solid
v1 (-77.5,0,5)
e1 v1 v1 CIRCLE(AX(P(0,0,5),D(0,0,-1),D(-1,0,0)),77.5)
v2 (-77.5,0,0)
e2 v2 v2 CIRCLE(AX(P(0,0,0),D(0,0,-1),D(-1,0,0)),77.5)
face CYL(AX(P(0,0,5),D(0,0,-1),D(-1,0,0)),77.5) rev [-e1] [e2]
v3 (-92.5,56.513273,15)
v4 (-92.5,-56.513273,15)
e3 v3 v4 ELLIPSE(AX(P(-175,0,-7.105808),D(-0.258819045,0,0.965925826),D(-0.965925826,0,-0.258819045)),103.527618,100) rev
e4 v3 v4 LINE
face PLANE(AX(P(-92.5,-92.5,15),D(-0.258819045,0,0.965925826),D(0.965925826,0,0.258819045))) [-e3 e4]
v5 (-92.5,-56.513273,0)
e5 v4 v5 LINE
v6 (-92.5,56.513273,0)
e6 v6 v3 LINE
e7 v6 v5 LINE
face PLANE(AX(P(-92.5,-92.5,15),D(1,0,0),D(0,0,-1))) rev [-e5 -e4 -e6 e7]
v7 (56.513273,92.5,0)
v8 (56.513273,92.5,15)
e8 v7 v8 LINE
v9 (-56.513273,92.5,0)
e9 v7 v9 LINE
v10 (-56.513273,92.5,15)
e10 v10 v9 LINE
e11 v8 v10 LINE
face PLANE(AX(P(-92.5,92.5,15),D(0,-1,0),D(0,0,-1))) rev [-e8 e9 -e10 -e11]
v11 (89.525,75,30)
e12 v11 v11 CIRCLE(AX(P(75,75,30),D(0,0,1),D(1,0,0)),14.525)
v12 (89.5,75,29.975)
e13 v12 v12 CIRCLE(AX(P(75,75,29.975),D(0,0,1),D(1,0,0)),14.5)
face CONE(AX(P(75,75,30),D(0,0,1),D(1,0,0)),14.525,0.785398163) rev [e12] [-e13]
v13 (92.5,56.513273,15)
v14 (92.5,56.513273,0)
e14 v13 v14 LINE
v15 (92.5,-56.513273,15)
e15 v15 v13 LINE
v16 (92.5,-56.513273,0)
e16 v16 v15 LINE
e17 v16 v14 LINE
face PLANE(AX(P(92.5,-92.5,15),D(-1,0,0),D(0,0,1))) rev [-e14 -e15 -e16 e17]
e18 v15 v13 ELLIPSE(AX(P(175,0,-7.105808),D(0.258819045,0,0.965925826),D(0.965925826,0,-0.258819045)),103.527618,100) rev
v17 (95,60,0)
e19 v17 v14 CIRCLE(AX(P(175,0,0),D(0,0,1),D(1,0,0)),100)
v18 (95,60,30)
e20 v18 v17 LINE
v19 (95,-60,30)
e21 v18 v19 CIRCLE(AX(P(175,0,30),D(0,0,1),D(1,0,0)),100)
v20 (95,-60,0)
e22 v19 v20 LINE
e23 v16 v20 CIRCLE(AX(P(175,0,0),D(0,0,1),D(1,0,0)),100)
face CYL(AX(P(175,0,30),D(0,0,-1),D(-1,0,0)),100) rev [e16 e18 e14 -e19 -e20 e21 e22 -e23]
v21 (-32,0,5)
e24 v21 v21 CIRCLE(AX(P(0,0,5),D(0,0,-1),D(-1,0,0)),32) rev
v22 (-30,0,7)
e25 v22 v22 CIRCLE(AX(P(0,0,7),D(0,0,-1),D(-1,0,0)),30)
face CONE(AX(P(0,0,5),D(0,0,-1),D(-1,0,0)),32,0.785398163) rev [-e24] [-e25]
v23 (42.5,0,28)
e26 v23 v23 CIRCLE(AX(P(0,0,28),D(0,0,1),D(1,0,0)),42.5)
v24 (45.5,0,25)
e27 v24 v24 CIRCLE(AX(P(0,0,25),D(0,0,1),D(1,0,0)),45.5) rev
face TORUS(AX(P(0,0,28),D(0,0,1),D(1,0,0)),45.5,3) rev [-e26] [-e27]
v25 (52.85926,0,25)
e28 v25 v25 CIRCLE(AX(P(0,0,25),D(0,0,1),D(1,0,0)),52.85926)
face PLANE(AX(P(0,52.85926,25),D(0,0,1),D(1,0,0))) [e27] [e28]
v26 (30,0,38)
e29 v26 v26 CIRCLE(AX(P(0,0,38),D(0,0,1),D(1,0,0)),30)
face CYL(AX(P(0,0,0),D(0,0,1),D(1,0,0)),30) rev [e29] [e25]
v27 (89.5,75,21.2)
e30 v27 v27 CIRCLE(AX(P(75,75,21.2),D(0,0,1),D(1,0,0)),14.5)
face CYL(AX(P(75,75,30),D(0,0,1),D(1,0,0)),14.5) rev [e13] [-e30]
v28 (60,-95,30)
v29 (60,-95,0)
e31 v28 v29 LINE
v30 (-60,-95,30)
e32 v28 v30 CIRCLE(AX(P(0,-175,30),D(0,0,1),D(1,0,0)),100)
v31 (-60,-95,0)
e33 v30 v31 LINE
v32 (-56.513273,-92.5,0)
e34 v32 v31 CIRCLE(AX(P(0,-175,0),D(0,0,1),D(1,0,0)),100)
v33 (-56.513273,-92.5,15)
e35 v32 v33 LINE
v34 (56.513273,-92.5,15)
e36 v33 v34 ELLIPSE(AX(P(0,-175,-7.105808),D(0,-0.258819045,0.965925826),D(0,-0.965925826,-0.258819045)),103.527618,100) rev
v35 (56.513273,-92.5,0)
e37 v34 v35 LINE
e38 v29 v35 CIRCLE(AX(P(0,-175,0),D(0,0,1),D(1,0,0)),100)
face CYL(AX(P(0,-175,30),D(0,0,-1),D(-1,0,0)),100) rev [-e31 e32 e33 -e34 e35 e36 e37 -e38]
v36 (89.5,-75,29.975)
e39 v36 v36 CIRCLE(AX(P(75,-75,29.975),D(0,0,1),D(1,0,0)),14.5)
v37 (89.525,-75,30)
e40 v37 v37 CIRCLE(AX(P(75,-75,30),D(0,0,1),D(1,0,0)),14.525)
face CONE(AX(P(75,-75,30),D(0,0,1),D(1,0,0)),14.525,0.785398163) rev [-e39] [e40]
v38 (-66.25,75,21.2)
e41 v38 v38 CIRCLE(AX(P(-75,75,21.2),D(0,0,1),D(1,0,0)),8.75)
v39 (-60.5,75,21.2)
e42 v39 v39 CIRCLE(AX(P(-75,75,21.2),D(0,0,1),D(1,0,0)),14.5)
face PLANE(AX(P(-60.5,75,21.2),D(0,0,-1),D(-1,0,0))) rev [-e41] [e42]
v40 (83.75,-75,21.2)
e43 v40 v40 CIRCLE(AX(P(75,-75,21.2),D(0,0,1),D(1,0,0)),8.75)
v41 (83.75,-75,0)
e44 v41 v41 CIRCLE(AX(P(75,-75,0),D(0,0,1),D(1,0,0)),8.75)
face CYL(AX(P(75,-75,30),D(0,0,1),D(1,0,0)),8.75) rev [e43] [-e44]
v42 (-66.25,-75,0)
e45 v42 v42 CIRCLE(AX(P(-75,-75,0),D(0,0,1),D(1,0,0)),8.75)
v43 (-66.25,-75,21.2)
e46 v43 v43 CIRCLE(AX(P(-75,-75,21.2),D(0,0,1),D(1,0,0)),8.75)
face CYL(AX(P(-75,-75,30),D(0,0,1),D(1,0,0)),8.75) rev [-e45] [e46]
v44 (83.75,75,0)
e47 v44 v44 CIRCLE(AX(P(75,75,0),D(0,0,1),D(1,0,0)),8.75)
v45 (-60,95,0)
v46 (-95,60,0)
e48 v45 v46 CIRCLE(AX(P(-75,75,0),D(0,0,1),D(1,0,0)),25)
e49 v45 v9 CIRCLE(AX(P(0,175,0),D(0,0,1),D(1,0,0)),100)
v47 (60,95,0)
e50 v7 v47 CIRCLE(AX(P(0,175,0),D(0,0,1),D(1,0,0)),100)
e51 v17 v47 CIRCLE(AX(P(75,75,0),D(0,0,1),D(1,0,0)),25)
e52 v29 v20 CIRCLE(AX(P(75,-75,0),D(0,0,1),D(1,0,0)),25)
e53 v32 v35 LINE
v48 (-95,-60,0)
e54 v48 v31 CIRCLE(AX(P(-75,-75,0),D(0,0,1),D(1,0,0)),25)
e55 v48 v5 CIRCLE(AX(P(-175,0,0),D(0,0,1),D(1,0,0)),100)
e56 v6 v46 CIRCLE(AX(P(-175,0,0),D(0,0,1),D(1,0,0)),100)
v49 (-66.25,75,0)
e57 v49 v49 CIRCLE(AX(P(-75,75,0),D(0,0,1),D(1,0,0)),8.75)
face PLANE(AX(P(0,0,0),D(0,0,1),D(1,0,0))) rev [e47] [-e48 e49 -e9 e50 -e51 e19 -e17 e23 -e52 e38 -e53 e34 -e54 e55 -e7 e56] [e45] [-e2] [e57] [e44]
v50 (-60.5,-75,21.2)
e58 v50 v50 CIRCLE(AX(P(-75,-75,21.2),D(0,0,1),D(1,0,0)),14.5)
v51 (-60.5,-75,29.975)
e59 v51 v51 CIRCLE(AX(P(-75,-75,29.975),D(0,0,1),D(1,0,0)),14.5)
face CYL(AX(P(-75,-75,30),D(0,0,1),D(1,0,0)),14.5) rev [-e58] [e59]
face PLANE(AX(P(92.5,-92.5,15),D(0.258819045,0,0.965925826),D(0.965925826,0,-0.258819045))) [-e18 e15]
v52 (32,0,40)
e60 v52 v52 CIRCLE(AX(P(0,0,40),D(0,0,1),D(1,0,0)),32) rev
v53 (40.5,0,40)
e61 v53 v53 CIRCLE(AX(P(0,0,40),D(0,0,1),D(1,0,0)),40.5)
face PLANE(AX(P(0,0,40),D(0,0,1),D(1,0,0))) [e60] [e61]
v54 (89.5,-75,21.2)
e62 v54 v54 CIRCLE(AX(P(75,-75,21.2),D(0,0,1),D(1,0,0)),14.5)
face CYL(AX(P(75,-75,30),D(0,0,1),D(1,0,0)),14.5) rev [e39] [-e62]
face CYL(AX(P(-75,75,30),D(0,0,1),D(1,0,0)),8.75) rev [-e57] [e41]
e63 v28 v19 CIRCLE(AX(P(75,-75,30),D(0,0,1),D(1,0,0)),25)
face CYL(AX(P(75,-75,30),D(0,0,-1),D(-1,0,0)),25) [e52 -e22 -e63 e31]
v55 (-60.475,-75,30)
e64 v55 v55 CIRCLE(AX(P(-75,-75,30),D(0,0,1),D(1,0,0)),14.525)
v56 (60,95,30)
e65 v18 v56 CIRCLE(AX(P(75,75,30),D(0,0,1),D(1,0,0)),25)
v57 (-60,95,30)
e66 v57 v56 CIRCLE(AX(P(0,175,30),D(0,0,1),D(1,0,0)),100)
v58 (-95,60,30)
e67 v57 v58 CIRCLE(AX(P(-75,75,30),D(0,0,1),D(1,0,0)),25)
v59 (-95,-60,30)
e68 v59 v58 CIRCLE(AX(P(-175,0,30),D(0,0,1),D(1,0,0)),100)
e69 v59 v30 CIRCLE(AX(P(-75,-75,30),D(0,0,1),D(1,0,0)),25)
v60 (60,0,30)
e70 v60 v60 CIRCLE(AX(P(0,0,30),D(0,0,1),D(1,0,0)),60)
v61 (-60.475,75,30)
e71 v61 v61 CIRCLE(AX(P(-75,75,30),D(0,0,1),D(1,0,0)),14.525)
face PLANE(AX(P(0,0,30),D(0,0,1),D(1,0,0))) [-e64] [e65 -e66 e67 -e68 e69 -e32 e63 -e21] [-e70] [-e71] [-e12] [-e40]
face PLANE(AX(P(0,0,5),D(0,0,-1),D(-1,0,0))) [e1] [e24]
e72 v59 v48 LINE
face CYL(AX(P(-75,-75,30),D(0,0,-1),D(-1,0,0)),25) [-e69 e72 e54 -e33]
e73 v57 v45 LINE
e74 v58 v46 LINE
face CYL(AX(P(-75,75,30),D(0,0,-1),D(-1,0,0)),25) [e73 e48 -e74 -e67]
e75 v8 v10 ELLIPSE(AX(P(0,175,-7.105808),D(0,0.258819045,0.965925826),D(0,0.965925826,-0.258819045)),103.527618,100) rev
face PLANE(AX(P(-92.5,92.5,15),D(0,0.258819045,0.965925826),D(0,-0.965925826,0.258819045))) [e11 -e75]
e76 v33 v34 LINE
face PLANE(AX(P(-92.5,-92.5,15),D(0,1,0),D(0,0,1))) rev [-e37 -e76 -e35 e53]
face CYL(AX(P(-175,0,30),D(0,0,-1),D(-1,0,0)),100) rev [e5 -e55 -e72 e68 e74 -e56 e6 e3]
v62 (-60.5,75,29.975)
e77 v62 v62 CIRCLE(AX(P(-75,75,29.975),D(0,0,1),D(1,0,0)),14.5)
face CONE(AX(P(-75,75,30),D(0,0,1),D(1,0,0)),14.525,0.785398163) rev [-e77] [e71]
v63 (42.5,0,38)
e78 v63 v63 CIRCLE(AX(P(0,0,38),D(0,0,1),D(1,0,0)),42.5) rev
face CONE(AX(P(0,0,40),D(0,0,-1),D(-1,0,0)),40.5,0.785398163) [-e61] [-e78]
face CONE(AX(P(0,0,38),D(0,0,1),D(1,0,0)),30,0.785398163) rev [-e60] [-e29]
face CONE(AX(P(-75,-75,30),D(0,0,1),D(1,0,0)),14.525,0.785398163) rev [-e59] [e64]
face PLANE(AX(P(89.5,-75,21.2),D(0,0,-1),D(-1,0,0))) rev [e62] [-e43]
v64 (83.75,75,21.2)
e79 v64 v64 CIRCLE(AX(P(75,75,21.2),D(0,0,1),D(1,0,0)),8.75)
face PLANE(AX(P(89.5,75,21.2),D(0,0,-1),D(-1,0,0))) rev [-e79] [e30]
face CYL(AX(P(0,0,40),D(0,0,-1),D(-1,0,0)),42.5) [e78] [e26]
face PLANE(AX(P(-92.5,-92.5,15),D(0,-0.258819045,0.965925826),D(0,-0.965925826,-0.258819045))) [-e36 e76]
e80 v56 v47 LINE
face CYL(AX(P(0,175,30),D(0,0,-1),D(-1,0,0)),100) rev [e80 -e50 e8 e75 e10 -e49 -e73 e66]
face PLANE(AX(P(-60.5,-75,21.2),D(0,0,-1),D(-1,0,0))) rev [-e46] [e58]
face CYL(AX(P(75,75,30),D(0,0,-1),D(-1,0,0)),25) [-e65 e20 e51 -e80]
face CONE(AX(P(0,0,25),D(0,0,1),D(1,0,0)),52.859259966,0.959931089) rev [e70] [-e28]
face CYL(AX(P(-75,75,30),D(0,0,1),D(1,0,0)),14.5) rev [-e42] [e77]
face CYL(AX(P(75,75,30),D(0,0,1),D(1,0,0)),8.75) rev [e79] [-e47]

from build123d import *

# Parameters (mm, degrees)
SKETCH1_R                       = 25
BOSS_EXTRUDE1_DEPTH             = 30
SKETCH2_W                       = 185
SKETCH2_H                       = 185
BOSS_EXTRUDE2_DEPTH             = 15
DRAFT1_ANGLE                    = 15
DRAFT2_ANGLE                    = 15
DRAFT3_ANGLE                    = 15
DRAFT4_ANGLE                    = 15
SKETCH3_R                       = 42.5
BOSS_EXTRUDE3_DEPTH             = 40
CBORE_FOR_M16_SBHCS1_AT_2_COUNT = 2
CBORE_FOR_M16_SBHCS1_AT_2_PITCH = 150
CBORE_FOR_M16_SBHCS1_AT_3_COUNT = 2
CBORE_FOR_M16_SBHCS1_AT_3_PITCH = 150
CBORE_FOR_M16_SBHCS1_AT_4_COUNT = 2
CBORE_FOR_M16_SBHCS1_AT_4_PITCH = 212.132034356
SKETCH6_R                       = 30
CUT_EXTRUDE1_DEPTH              = 147.969384567
SKETCH7_R                       = 77.5
CUT_EXTRUDE2_DEPTH              = 5
FILLET1_R                       = 3
CHAMFER1_SIZE                   = 2


with BuildPart() as part:
    # Sketch1 → Boss-Extrude1 (new body)
    with BuildSketch(Plane.XY):
        with BuildLine():
            ThreePointArc((-60, 95), (-52.639320225, 86.180339887), (-50, 75))
            ThreePointArc((-50, 75), (-67.09430585, 51.282917549), (-95, 60))
            ThreePointArc((-95, 60), (-75, 0), (-95, -60))
            ThreePointArc((-95, -60), (-67.09430585, -51.282917549), (-50, -75))
            ThreePointArc((-50, -75), (-52.639320225, -86.180339887), (-60, -95))
            ThreePointArc((-60, -95), (0, -75), (60, -95))
            ThreePointArc((60, -95), (57.32233047, -57.32233047), (95, -60))
            ThreePointArc((95, -60), (75, 0), (95, 60))
            ThreePointArc((95, 60), (57.32233047, 57.32233047), (60, 95))
            ThreePointArc((60, 95), (0, 75), (-60, 95))
        make_face()
        with Locations((-75, 75)):
            Circle(SKETCH1_R)
        with Locations((75, 75)):
            Circle(SKETCH1_R)
        with Locations((75, -75)):
            Circle(SKETCH1_R)
        with Locations((-75, -75)):
            Circle(SKETCH1_R)
    extrude(amount=BOSS_EXTRUDE1_DEPTH)

    # Sketch2 → Boss-Extrude2 (add)
    with BuildSketch(Plane.XY):
        Rectangle(SKETCH2_W, SKETCH2_H)
    extrude(amount=BOSS_EXTRUDE2_DEPTH)

    # Draft1
    draft1_faces = [part.faces().sort_by_distance(p)[0] for p in [
        (85.444692503, 0, 15),
    ]]
    draft(draft1_faces, Plane(origin=(92.5, -92.5, 15), x_dir=(0, 0, 1), z_dir=(1, 0, 0)), DRAFT1_ANGLE)

    # Draft2
    draft2_faces = [part.faces().sort_by_distance(p)[0] for p in [
        (0, 85.444692503, 15),
    ]]
    draft(draft2_faces, Plane(origin=(-92.5, 92.5, 15), x_dir=(0, 0, 1), z_dir=(0, 1, 0)), DRAFT2_ANGLE)

    # Draft3
    draft3_faces = [part.faces().sort_by_distance(p)[0] for p in [
        (-85.444692503, 0, 15),
    ]]
    draft(draft3_faces, Plane(origin=(-92.5, -92.5, 15), x_dir=(0, 0, -1), z_dir=(-1, 0, 0)), DRAFT3_ANGLE)

    # Draft4
    draft4_faces = [part.faces().sort_by_distance(p)[0] for p in [
        (0, -85.444692503, 15),
    ]]
    draft(draft4_faces, Plane(origin=(-92.5, -92.5, 15), x_dir=(0, 0, -1), z_dir=(0, -1, 0)), DRAFT4_ANGLE)

    # Sketch3 → Boss-Extrude3 (add)
    with BuildSketch(Plane.XY):
        Circle(SKETCH3_R)
    extrude(amount=BOSS_EXTRUDE3_DEPTH)

    # Sketch5 → CBORE for M16 SBHCS1 (revolve, cut)
    with BuildSketch(Plane(origin=(-75, 75, 30), x_dir=(0, -1, 0), z_dir=(1, 0, 0))):
        Polygon((0, 0), (0, 30), (8.75, 30), (8.75, 8.8), (14.5, 8.8), (14.5, 0.025), (14.525, 0), align=None)
    cbore_for_m16_sbhcs1 = revolve(axis=Axis((-75, 75, 36.35), (0, 0, -1)), mode=Mode.SUBTRACT)

    # CBORE for M16 SBHCS1 at 2: CBORE for M16 SBHCS1 ×2
    with Locations(*[(i * CBORE_FOR_M16_SBHCS1_AT_2_PITCH, 0, 0) for i in range(1, CBORE_FOR_M16_SBHCS1_AT_2_COUNT)]):
        add(cbore_for_m16_sbhcs1, mode=Mode.SUBTRACT)

    # CBORE for M16 SBHCS1 at 3: CBORE for M16 SBHCS1 ×2
    with Locations(*[(0, -i * CBORE_FOR_M16_SBHCS1_AT_3_PITCH, 0) for i in range(1, CBORE_FOR_M16_SBHCS1_AT_3_COUNT)]):
        add(cbore_for_m16_sbhcs1, mode=Mode.SUBTRACT)

    # CBORE for M16 SBHCS1 at 4: CBORE for M16 SBHCS1 ×2
    with Locations(*[Vector(0.7071067811865476, -0.7071067811865476, 0) * (i * CBORE_FOR_M16_SBHCS1_AT_4_PITCH) for i in range(1, CBORE_FOR_M16_SBHCS1_AT_4_COUNT)]):
        add(cbore_for_m16_sbhcs1, mode=Mode.SUBTRACT)

    # Sketch6 → Cut-Extrude1 (cut, through all)
    with BuildSketch(Plane.XY.offset(40)):
        Circle(SKETCH6_R)
    extrude(amount=-CUT_EXTRUDE1_DEPTH, mode=Mode.SUBTRACT)

    # Sketch7 → Cut-Extrude2 (cut)
    with BuildSketch(Plane(origin=(0, 0, 0), x_dir=(-1, 0, 0), z_dir=(0, 0, -1))):
        Circle(SKETCH7_R)
    extrude(amount=-CUT_EXTRUDE2_DEPTH, mode=Mode.SUBTRACT)

    # Sketch8 → Cut-Revolve1 (revolve, cut)
    with BuildSketch(Plane(origin=(0, 0, 0), x_dir=(0, 0, -1), z_dir=(1, 0, 0)), mode=Mode.PRIVATE) as cut_revolve1_sk:
        Polygon((-30, 42.5), (-30, 60), (-25, 52.859259966), (-25, 42.5), align=None)
    revolve(cut_revolve1_sk.sketch.rotate(Axis((0, 0, 77.404119515), (0, 0, -1)), 90), axis=Axis((0, 0, 77.404119515), (0, 0, -1)), mode=Mode.SUBTRACT)

    # Fillet1
    fillet1_edges = [part.edges().sort_by_distance(p)[0] for p in [
        (-42.5, 0, 25),
    ]]
    fillet(fillet1_edges, radius=FILLET1_R)

    # Chamfer1
    chamfer1_edges = [part.edges().sort_by_distance(p)[0] for p in [
        (-30, 0, 40),
        (-30, 0, 5),
        (-42.5, 0, 40),
    ]]
    chamfer(chamfer1_edges, length=CHAMFER1_SIZE)


solid = part.part
